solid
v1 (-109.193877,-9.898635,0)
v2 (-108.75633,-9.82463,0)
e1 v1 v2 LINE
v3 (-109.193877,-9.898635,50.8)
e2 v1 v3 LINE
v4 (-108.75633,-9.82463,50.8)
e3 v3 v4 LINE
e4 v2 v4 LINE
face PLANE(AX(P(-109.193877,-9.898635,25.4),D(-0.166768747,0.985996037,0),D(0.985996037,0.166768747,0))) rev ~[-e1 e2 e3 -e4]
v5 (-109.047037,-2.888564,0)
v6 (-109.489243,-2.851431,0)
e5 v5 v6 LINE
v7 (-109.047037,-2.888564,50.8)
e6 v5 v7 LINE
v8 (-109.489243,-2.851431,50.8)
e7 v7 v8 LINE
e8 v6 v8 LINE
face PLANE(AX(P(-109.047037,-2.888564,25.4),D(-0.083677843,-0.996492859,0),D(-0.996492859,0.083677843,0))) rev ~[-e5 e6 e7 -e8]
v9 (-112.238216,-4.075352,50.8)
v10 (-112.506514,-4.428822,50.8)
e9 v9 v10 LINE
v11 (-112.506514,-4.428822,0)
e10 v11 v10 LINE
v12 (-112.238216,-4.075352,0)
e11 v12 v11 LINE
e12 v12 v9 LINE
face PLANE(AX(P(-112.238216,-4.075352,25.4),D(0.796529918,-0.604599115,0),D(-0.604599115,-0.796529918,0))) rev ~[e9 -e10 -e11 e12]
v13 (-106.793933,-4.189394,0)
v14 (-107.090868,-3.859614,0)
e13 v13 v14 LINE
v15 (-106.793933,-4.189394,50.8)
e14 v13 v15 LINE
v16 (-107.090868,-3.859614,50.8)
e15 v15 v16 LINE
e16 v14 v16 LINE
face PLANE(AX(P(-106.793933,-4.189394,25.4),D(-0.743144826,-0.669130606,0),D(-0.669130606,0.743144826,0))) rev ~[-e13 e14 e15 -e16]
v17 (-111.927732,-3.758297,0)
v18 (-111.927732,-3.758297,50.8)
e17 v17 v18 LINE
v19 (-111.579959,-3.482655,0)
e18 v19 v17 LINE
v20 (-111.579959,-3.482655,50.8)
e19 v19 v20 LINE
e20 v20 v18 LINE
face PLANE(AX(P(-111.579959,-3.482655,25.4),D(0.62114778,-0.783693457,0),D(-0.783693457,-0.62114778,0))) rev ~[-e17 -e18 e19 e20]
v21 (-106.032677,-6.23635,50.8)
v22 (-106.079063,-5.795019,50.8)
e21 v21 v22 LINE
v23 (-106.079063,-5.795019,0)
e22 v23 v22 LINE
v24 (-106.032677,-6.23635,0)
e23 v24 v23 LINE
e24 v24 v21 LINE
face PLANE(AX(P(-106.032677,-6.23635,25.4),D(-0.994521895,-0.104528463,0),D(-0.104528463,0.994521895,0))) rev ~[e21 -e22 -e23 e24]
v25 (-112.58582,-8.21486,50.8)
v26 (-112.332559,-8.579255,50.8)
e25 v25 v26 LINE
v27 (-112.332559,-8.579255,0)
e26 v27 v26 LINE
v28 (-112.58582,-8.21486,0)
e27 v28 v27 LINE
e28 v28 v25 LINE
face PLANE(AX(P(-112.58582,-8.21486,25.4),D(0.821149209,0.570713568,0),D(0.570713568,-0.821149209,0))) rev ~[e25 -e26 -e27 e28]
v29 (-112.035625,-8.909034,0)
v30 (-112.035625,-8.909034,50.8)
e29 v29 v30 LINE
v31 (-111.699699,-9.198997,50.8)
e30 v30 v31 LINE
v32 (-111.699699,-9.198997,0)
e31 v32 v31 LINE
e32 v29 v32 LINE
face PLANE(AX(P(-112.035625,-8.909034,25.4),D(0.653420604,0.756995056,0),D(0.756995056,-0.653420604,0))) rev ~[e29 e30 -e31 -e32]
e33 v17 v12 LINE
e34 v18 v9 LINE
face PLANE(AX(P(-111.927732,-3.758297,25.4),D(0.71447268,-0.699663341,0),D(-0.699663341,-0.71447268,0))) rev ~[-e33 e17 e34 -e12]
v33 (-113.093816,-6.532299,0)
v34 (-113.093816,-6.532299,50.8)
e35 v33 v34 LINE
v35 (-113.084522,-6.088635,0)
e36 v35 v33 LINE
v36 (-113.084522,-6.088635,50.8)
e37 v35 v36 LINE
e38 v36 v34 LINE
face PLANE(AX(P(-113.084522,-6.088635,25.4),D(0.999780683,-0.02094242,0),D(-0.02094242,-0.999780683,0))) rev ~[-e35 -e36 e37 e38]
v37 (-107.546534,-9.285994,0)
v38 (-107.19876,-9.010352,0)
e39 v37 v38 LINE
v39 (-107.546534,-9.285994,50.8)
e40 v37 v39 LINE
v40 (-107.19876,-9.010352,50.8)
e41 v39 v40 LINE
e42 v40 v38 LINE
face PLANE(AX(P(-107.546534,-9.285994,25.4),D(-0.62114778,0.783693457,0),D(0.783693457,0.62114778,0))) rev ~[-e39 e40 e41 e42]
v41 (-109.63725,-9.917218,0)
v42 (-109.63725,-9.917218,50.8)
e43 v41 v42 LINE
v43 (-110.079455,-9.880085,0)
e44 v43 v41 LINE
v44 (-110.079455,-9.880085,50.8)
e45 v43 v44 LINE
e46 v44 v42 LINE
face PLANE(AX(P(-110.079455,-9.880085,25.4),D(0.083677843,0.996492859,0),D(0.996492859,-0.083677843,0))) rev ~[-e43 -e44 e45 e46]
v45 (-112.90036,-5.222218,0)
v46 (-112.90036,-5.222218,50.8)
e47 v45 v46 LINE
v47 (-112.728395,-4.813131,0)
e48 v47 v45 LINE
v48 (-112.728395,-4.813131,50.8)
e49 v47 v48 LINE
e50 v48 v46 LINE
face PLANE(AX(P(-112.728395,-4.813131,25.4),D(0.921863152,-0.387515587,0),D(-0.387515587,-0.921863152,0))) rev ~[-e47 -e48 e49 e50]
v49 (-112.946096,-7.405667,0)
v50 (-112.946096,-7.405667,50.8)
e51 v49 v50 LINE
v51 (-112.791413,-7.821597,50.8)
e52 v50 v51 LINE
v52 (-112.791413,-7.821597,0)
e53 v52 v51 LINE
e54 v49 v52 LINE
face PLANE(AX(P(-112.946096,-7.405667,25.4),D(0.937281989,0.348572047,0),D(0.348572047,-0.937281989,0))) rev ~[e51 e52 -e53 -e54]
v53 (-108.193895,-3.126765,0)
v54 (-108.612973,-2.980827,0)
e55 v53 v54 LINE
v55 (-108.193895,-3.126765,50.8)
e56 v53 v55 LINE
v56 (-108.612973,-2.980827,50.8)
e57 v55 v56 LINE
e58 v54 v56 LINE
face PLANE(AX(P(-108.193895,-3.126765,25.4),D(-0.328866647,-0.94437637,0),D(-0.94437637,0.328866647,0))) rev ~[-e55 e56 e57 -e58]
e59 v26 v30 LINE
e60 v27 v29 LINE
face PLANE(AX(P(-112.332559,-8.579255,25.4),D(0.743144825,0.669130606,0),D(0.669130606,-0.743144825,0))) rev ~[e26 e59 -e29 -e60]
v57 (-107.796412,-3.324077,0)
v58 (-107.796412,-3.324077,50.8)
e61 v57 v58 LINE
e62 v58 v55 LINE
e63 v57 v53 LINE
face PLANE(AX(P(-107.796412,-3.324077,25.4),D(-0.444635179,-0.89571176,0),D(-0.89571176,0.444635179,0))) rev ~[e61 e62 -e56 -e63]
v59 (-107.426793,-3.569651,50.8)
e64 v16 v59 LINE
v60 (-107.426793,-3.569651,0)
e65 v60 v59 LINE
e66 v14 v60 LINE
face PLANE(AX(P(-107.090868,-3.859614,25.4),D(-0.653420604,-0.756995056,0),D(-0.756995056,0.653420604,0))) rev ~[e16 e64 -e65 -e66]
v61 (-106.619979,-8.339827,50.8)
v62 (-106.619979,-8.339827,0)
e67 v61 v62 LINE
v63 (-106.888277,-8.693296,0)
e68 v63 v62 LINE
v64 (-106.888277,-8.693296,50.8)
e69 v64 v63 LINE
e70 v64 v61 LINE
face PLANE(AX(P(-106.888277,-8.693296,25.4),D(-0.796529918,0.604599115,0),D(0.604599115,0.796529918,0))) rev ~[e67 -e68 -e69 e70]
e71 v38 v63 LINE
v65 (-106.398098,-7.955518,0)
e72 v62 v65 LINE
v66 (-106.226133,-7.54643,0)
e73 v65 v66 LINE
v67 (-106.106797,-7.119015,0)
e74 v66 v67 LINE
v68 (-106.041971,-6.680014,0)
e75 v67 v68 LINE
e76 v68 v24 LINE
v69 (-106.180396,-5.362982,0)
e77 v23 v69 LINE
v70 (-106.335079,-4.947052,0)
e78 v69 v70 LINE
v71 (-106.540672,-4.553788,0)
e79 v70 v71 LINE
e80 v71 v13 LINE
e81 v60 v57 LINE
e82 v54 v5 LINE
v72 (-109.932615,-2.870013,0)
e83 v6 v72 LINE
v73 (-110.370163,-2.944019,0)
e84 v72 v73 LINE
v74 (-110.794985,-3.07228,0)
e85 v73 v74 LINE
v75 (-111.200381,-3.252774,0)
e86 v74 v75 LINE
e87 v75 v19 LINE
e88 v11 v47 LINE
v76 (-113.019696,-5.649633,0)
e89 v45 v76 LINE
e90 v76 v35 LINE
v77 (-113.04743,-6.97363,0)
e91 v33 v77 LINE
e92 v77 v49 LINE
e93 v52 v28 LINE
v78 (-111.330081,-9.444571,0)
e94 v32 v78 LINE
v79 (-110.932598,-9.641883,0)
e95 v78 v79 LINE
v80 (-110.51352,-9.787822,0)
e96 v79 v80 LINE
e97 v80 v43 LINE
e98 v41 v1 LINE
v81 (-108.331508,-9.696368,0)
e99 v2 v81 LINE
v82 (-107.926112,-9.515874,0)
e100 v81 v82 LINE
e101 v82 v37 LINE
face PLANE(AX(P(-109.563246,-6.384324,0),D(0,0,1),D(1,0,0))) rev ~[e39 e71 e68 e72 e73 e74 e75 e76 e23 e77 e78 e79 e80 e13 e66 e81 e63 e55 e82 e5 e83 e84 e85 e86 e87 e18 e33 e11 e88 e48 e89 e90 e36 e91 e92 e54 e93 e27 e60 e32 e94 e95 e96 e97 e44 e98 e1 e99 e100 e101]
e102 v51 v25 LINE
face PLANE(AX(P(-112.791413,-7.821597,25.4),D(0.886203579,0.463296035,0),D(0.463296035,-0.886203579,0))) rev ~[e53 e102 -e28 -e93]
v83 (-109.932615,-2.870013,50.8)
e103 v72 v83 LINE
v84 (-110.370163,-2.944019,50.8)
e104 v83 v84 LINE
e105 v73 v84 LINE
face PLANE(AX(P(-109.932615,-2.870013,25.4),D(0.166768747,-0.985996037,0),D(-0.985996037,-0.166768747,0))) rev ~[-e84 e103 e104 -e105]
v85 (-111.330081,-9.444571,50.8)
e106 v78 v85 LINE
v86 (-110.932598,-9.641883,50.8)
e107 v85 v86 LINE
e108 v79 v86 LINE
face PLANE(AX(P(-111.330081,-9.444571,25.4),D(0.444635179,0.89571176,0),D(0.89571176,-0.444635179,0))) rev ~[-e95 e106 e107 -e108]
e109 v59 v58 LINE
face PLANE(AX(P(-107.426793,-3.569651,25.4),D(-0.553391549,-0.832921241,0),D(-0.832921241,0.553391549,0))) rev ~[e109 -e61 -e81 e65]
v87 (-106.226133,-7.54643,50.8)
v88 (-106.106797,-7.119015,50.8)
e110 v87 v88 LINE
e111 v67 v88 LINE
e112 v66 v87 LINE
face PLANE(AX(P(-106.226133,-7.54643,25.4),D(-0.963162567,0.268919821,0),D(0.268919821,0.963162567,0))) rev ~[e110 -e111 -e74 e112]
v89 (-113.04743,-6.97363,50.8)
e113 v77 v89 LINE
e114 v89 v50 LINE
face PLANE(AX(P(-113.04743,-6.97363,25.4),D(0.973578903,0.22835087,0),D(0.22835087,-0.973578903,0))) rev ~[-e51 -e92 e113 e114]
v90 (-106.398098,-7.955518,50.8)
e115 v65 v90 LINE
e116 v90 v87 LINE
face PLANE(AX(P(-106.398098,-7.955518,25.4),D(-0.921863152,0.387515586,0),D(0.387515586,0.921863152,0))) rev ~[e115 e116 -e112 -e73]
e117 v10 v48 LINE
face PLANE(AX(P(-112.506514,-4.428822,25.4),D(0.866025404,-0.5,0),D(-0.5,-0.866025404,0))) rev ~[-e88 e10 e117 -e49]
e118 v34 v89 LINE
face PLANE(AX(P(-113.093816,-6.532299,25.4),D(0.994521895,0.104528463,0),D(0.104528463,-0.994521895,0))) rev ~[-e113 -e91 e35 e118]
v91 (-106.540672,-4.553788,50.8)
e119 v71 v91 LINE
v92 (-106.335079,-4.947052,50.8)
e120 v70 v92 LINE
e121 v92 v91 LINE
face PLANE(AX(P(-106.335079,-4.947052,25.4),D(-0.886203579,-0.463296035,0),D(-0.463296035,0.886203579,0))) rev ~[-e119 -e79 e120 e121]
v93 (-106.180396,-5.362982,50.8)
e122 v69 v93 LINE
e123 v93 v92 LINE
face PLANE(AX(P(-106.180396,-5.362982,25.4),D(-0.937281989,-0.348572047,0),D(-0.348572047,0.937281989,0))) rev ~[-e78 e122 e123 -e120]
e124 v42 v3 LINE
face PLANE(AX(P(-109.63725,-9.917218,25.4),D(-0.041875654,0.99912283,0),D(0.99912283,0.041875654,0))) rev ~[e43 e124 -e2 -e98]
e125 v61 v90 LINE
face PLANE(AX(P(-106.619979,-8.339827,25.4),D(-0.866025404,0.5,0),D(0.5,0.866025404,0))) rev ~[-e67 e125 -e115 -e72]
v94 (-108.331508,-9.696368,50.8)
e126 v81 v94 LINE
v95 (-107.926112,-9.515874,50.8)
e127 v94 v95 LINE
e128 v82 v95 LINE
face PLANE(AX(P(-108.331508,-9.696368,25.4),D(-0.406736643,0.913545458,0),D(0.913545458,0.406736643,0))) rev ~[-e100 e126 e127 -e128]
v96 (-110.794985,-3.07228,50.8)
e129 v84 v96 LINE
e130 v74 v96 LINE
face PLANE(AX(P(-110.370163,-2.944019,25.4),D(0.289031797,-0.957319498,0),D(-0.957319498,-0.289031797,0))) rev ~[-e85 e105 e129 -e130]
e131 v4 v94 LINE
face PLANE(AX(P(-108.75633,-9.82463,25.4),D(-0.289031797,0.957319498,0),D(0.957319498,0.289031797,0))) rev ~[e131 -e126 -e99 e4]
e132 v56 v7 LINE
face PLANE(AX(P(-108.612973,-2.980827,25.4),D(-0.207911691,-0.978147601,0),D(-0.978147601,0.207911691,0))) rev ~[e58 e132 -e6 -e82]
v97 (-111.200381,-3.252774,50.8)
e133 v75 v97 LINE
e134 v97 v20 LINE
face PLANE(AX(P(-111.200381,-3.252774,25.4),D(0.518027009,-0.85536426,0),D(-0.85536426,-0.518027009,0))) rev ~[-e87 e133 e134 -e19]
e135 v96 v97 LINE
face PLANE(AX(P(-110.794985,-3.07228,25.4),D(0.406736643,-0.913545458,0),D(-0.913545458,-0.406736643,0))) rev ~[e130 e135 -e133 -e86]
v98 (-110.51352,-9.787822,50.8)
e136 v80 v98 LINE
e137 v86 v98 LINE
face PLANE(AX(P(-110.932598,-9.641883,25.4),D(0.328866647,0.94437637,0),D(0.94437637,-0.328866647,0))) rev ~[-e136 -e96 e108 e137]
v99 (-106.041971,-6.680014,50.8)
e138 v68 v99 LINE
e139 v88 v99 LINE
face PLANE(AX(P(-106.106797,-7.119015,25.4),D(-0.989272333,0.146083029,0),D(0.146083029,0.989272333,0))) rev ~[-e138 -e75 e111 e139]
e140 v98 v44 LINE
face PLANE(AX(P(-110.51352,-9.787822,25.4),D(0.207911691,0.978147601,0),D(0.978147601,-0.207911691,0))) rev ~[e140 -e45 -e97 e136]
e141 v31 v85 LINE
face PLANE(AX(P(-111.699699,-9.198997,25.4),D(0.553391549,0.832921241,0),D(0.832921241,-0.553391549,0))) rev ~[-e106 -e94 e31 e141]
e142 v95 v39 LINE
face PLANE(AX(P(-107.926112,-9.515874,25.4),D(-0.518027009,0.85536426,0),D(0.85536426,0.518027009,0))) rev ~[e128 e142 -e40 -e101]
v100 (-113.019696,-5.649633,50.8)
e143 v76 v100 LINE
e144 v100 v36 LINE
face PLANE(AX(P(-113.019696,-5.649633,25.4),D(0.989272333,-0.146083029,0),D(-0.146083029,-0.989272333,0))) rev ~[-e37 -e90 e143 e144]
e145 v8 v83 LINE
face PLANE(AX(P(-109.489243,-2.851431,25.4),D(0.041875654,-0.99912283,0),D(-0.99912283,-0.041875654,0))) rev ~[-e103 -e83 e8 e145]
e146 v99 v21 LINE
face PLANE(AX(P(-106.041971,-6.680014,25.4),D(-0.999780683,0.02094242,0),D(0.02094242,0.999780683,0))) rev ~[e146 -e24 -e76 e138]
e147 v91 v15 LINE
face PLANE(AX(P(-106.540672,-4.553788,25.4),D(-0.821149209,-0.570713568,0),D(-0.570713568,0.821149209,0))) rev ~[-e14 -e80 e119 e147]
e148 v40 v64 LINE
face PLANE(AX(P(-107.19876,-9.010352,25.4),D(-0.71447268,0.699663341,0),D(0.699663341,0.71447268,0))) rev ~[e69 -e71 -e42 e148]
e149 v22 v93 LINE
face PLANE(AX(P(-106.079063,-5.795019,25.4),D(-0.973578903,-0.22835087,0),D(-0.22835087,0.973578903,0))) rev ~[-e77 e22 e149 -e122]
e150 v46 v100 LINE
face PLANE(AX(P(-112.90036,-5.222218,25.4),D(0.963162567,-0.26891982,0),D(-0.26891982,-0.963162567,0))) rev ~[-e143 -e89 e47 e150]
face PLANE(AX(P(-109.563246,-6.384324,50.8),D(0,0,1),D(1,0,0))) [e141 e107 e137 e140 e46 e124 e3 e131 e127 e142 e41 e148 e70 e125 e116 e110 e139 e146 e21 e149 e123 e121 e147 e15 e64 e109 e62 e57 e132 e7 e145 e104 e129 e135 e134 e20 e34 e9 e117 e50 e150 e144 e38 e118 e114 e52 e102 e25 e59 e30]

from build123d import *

# Parameters (mm, degrees)
F1_DEPTH = 25.4
F2_DEPTH = 25.4


with BuildPart() as f1:
    # F0 (on Top) → F1 (new body)
    with BuildSketch(Plane.XY):
        Polygon((-106.6199785918, -8.3398267185), (-106.3980976938, -7.9555177299), (-106.2261330812, -7.546430082), (-106.1067967386, -7.1190153315), (-106.0419706715, -6.6800140643), (-106.0326772256, -6.2363495925), (-106.0790629642, -5.7950187701), (-106.1803963564, -5.3629816475), (-106.3350793142, -4.9470517085), (-106.5406723948, -4.5537884165), (-106.7939332727, -4.1893937687), (-107.0908678723, -3.8596144862), (-107.4267933578, -3.5696513854), (-107.7964119835, -3.3240773576), (-108.193894643, -3.1267652519), (-108.6129727972, -2.9808267981), (-109.0470373333, -2.8885635328), (-109.4892427942, -2.8514305027), (-109.9326153358, -2.870013318), (-110.3701627081, -2.9440189166), (-110.7949845277, -3.0722801859), (-111.2003811007, -3.2527743692), (-111.579959081, -3.4826549652), (-111.9277322972, -3.7582966198), (-112.2382161578, -4.0753522993), (-112.5065141469, -4.4288218464), (-112.7283950449, -4.8131308349), (-112.9003596576, -5.2222184828), (-113.0196960001, -5.6496332333), (-113.0845220673, -6.0886345005), (-113.0938155131, -6.5322989723), (-113.0474297745, -6.9736297948), (-112.9460963823, -7.4056669173), (-112.7914134245, -7.8215968563), (-112.5858203439, -8.2148601483), (-112.3325594661, -8.5792547962), (-112.0356248664, -8.9090340786), (-111.6996993809, -9.1989971794), (-111.3300807552, -9.4445712072), (-110.9325980957, -9.6418833129), (-110.5135199415, -9.7878217667), (-110.0794554055, -9.8800850321), (-109.6372499445, -9.9172180621), (-109.193877403, -9.8986352468), (-108.7563300307, -9.8246296482), (-108.3315082111, -9.6963683789), (-107.926111638, -9.5158741957), (-107.5465336577, -9.2859935996), (-107.1987604415, -9.010351945), (-106.8882765809, -8.6932962655), align=None)
    extrude(amount=F1_DEPTH)

    # F2 (add): a face of the model
    f2_faces = [f1.faces().sort_by_distance(p)[0] for p in [
        (-109.5632463694, -6.3843242824, 25.4),
    ]]
    extrude(f2_faces, amount=F2_DEPTH)


solid = f1.part
